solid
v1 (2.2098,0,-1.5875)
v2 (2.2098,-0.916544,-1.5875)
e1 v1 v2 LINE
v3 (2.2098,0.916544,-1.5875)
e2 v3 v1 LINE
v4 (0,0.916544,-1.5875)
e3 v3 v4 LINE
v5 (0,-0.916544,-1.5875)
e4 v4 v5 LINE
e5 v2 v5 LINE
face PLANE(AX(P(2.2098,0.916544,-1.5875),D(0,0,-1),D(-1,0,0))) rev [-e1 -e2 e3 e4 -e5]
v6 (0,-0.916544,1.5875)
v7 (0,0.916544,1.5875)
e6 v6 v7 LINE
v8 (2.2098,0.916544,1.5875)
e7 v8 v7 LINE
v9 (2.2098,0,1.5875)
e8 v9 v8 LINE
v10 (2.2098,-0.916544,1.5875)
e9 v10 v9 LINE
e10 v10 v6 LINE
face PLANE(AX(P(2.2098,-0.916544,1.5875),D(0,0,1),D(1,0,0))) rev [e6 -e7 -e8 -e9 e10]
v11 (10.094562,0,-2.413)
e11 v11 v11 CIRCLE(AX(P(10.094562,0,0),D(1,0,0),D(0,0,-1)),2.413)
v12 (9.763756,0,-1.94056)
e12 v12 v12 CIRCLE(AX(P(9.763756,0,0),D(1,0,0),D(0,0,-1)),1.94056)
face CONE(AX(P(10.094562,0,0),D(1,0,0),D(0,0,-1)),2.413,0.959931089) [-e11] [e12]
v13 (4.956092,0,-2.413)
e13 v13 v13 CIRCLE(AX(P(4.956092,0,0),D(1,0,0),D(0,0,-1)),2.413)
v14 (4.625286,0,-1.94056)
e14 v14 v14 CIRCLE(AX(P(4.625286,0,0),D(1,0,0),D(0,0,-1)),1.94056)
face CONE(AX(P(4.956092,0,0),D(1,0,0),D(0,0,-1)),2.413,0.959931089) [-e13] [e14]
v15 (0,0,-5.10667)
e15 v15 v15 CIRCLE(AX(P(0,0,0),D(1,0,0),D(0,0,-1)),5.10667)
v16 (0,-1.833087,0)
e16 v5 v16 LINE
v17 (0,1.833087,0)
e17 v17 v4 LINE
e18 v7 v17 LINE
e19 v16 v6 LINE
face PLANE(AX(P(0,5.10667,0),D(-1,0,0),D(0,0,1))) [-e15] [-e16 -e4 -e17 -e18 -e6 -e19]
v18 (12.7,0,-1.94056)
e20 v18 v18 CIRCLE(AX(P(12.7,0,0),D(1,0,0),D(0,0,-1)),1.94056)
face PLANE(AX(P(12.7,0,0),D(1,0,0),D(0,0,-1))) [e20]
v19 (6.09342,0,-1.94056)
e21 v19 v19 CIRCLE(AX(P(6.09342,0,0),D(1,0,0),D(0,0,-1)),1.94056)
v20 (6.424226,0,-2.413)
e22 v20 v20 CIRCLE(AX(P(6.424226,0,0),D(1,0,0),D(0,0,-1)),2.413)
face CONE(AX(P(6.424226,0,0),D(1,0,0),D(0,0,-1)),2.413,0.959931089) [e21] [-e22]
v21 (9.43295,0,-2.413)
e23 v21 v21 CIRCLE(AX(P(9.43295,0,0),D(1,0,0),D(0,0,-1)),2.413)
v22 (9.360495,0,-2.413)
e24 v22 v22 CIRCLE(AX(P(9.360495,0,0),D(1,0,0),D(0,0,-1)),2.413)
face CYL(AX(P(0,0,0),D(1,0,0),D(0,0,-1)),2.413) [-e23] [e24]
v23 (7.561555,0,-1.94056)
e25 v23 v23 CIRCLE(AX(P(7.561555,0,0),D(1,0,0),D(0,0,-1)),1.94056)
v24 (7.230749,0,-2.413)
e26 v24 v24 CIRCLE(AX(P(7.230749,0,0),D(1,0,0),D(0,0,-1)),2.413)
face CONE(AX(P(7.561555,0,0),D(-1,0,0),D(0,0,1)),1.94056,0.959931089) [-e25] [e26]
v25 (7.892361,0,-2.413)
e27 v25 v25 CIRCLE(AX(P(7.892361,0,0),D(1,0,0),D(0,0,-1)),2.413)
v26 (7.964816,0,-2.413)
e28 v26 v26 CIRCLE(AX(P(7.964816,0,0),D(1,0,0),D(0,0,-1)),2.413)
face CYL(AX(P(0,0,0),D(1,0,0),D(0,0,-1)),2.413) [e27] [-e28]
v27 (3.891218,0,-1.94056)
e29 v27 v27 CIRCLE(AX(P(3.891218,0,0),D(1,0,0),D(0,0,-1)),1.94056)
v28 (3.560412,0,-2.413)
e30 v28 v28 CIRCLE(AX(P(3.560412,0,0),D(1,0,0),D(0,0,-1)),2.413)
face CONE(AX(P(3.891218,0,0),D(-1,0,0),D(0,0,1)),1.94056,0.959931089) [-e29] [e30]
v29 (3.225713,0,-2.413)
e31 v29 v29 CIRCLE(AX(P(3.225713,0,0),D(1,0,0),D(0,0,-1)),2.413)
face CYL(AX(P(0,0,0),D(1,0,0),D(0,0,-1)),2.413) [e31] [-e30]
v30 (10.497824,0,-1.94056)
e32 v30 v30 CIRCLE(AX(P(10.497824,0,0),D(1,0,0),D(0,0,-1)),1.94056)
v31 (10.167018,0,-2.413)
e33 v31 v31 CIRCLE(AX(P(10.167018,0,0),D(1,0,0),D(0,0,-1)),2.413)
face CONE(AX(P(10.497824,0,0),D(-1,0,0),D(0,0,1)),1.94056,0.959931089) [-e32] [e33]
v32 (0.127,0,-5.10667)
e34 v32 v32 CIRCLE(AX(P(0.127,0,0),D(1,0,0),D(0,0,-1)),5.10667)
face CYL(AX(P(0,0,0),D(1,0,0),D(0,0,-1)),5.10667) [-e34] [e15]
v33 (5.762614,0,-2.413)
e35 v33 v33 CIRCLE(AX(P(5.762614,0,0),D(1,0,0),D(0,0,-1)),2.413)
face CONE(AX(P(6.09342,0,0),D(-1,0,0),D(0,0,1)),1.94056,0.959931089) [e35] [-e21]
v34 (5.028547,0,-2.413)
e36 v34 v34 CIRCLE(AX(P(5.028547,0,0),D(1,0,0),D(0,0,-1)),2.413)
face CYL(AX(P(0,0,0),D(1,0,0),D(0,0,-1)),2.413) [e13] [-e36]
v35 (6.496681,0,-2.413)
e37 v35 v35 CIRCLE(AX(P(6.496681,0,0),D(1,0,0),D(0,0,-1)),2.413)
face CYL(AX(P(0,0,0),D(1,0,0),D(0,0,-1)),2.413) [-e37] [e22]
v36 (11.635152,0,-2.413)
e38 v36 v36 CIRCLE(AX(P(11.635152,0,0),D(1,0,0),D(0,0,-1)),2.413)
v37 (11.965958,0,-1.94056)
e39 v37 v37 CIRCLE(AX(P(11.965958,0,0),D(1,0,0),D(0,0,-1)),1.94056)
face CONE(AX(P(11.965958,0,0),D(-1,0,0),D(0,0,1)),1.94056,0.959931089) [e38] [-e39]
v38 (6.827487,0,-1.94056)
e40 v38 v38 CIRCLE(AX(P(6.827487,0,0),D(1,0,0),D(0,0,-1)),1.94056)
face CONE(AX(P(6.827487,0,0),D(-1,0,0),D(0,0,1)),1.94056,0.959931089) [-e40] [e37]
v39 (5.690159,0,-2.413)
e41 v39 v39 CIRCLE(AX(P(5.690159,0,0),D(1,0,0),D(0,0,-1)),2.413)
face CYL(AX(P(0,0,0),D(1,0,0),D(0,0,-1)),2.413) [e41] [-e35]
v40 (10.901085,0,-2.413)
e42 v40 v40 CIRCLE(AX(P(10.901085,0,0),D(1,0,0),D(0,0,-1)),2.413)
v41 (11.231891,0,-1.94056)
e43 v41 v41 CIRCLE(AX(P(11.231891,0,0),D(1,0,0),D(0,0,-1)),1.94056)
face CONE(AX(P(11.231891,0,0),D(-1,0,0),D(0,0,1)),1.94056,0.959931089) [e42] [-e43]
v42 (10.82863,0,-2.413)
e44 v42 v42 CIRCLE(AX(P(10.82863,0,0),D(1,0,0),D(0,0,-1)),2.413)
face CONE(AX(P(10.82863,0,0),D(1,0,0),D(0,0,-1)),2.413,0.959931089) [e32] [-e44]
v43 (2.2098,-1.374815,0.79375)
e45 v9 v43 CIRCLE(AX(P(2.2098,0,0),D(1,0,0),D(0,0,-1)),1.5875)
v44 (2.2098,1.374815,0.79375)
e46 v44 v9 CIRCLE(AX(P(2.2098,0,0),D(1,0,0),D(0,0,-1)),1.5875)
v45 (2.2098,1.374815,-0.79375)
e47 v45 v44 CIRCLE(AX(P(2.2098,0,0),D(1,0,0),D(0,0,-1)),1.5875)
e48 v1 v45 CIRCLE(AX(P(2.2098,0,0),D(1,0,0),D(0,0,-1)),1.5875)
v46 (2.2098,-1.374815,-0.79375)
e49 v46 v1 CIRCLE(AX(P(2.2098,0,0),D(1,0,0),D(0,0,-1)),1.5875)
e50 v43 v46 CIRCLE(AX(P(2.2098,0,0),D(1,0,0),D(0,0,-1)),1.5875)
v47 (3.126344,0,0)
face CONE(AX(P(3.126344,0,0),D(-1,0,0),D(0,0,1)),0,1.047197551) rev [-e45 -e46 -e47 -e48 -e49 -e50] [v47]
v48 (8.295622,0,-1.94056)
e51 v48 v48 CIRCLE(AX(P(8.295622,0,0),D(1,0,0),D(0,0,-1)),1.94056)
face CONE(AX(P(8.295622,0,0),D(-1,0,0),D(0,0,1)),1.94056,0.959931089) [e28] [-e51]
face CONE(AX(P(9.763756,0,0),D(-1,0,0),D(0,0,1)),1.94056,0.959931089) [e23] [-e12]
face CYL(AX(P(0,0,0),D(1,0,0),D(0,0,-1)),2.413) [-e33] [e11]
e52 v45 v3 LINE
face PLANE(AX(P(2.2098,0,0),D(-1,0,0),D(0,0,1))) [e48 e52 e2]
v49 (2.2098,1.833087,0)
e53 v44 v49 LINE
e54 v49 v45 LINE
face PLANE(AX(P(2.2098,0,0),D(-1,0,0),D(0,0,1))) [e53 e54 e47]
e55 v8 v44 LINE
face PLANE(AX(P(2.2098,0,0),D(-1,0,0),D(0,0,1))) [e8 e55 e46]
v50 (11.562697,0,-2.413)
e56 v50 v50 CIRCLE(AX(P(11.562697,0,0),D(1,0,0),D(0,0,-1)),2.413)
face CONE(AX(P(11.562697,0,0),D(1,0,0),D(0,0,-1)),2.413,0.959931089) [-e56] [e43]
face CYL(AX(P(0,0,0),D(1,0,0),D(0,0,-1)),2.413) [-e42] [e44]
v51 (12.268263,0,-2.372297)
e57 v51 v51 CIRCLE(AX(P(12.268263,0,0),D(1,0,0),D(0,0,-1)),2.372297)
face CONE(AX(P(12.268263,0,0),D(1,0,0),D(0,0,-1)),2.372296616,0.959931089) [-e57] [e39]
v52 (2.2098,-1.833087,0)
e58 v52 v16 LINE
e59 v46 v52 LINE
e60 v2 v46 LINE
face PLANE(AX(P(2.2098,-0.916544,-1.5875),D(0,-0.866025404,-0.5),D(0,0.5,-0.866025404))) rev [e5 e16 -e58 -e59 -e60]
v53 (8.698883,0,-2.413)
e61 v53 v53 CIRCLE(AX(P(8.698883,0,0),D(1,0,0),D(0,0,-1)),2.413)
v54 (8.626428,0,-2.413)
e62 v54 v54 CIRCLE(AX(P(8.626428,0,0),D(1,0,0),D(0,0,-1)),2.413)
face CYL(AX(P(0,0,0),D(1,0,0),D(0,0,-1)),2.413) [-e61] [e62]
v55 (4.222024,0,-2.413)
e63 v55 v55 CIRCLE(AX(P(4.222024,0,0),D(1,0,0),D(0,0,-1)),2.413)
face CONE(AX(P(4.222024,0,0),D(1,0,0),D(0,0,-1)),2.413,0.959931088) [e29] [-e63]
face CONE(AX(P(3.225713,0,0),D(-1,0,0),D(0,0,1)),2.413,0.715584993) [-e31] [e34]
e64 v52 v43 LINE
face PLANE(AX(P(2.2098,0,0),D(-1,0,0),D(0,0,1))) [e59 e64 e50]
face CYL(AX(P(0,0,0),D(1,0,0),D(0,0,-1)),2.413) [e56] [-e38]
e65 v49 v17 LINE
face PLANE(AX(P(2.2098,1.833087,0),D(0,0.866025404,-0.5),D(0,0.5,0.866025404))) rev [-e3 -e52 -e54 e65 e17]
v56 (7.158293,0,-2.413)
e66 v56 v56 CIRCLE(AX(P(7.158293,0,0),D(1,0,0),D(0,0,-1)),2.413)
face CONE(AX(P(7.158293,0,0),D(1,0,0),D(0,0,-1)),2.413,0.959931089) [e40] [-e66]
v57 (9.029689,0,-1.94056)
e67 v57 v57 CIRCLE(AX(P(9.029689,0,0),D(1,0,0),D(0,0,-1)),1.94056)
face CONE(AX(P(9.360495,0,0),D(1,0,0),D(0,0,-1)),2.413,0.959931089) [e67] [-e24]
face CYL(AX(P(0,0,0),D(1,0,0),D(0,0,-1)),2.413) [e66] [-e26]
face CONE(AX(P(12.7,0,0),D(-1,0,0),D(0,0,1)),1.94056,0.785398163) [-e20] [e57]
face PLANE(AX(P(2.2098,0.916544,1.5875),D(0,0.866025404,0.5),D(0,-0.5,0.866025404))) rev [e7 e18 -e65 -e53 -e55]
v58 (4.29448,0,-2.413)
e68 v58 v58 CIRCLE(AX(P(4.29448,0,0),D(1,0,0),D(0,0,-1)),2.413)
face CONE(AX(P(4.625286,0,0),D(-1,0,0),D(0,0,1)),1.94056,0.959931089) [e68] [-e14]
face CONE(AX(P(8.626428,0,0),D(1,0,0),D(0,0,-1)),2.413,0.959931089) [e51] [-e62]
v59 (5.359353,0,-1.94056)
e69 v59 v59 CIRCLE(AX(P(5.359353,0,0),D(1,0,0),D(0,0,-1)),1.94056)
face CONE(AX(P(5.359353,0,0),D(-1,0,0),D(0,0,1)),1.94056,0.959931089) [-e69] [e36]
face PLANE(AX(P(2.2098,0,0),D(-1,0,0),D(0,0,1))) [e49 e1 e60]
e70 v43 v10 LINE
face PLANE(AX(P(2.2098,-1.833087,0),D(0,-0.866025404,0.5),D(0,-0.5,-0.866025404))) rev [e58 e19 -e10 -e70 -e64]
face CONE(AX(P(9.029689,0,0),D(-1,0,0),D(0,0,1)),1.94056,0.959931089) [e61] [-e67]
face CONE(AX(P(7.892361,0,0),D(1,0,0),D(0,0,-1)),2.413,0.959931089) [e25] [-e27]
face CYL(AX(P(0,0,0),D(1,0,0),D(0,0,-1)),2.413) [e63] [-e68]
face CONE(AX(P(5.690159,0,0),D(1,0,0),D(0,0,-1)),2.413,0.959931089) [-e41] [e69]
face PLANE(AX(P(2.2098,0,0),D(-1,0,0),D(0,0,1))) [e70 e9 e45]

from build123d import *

# Parameters (mm, degrees)
CUT_EXTRUDE1_DEPTH = 2.2098


with BuildPart() as part:
    # Sketch1 → Revolve1 (revolve)
    with BuildSketch(Plane.XY, mode=Mode.PRIVATE) as revolve1_sk:
        Polygon((0, 5.10667), (0, 0), (12.7, 0), (12.7, 1.94056), (12.268263383, 2.372296616), (11.96595815, 1.94056), (11.635152101, 2.413), (11.56269695, 2.413), (11.2318909, 1.94056), (10.901084851, 2.413), (10.8286297, 2.413), (10.49782365, 1.94056), (10.167017601, 2.413), (10.09456245, 2.413), (9.7637564, 1.94056), (9.432950351, 2.413), (9.3604952, 2.413), (9.02968915, 1.94056), (8.698883101, 2.413), (8.62642795, 2.413), (8.2956219, 1.94056), (7.964815851, 2.413), (7.8923607, 2.413), (7.561554651, 1.94056), (7.230748601, 2.413), (7.15829345, 2.413), (6.827487401, 1.94056), (6.496681351, 2.413), (6.4242262, 2.413), (6.093420151, 1.94056), (5.762614101, 2.413), (5.69015895, 2.413), (5.359352901, 1.94056), (5.028546851, 2.413), (4.9560917, 2.413), (4.625285651, 1.94056), (4.294479601, 2.413), (4.22202445, 2.413), (3.891218401, 1.94056), (3.560412352, 2.413), (3.225712867, 2.413), (0.127, 5.10667), align=None)
    revolve(revolve1_sk.sketch.rotate(Axis((0, 0, 0), (1, 0, 0)), 270), axis=Axis((0, 0, 0), (1, 0, 0)))

    # Sketch2 → Cut-Extrude1 (cut)
    with BuildSketch(Plane.ZY):
        Polygon((0, 1.833087105), (-1.5875, 0.916543552), (-1.5875, -0.916543552), (0, -1.833087105), (1.5875, -0.916543552), (1.5875, 0.916543552), align=None)
    extrude(amount=-CUT_EXTRUDE1_DEPTH, mode=Mode.SUBTRACT)

    # Sketch3 → Cut-Revolve1 (revolve, cut)
    with BuildSketch(Plane.XY, mode=Mode.PRIVATE) as cut_revolve1_sk:
        Polygon((2.2098, 1.5875), (2.2098, 0), (3.126343553, 0), align=None)
    revolve(cut_revolve1_sk.sketch.rotate(Axis((2.209775, 0, 0), (1, 0, 0)), 90), axis=Axis((2.209775, 0, 0), (1, 0, 0)), mode=Mode.SUBTRACT)


solid = part.part
